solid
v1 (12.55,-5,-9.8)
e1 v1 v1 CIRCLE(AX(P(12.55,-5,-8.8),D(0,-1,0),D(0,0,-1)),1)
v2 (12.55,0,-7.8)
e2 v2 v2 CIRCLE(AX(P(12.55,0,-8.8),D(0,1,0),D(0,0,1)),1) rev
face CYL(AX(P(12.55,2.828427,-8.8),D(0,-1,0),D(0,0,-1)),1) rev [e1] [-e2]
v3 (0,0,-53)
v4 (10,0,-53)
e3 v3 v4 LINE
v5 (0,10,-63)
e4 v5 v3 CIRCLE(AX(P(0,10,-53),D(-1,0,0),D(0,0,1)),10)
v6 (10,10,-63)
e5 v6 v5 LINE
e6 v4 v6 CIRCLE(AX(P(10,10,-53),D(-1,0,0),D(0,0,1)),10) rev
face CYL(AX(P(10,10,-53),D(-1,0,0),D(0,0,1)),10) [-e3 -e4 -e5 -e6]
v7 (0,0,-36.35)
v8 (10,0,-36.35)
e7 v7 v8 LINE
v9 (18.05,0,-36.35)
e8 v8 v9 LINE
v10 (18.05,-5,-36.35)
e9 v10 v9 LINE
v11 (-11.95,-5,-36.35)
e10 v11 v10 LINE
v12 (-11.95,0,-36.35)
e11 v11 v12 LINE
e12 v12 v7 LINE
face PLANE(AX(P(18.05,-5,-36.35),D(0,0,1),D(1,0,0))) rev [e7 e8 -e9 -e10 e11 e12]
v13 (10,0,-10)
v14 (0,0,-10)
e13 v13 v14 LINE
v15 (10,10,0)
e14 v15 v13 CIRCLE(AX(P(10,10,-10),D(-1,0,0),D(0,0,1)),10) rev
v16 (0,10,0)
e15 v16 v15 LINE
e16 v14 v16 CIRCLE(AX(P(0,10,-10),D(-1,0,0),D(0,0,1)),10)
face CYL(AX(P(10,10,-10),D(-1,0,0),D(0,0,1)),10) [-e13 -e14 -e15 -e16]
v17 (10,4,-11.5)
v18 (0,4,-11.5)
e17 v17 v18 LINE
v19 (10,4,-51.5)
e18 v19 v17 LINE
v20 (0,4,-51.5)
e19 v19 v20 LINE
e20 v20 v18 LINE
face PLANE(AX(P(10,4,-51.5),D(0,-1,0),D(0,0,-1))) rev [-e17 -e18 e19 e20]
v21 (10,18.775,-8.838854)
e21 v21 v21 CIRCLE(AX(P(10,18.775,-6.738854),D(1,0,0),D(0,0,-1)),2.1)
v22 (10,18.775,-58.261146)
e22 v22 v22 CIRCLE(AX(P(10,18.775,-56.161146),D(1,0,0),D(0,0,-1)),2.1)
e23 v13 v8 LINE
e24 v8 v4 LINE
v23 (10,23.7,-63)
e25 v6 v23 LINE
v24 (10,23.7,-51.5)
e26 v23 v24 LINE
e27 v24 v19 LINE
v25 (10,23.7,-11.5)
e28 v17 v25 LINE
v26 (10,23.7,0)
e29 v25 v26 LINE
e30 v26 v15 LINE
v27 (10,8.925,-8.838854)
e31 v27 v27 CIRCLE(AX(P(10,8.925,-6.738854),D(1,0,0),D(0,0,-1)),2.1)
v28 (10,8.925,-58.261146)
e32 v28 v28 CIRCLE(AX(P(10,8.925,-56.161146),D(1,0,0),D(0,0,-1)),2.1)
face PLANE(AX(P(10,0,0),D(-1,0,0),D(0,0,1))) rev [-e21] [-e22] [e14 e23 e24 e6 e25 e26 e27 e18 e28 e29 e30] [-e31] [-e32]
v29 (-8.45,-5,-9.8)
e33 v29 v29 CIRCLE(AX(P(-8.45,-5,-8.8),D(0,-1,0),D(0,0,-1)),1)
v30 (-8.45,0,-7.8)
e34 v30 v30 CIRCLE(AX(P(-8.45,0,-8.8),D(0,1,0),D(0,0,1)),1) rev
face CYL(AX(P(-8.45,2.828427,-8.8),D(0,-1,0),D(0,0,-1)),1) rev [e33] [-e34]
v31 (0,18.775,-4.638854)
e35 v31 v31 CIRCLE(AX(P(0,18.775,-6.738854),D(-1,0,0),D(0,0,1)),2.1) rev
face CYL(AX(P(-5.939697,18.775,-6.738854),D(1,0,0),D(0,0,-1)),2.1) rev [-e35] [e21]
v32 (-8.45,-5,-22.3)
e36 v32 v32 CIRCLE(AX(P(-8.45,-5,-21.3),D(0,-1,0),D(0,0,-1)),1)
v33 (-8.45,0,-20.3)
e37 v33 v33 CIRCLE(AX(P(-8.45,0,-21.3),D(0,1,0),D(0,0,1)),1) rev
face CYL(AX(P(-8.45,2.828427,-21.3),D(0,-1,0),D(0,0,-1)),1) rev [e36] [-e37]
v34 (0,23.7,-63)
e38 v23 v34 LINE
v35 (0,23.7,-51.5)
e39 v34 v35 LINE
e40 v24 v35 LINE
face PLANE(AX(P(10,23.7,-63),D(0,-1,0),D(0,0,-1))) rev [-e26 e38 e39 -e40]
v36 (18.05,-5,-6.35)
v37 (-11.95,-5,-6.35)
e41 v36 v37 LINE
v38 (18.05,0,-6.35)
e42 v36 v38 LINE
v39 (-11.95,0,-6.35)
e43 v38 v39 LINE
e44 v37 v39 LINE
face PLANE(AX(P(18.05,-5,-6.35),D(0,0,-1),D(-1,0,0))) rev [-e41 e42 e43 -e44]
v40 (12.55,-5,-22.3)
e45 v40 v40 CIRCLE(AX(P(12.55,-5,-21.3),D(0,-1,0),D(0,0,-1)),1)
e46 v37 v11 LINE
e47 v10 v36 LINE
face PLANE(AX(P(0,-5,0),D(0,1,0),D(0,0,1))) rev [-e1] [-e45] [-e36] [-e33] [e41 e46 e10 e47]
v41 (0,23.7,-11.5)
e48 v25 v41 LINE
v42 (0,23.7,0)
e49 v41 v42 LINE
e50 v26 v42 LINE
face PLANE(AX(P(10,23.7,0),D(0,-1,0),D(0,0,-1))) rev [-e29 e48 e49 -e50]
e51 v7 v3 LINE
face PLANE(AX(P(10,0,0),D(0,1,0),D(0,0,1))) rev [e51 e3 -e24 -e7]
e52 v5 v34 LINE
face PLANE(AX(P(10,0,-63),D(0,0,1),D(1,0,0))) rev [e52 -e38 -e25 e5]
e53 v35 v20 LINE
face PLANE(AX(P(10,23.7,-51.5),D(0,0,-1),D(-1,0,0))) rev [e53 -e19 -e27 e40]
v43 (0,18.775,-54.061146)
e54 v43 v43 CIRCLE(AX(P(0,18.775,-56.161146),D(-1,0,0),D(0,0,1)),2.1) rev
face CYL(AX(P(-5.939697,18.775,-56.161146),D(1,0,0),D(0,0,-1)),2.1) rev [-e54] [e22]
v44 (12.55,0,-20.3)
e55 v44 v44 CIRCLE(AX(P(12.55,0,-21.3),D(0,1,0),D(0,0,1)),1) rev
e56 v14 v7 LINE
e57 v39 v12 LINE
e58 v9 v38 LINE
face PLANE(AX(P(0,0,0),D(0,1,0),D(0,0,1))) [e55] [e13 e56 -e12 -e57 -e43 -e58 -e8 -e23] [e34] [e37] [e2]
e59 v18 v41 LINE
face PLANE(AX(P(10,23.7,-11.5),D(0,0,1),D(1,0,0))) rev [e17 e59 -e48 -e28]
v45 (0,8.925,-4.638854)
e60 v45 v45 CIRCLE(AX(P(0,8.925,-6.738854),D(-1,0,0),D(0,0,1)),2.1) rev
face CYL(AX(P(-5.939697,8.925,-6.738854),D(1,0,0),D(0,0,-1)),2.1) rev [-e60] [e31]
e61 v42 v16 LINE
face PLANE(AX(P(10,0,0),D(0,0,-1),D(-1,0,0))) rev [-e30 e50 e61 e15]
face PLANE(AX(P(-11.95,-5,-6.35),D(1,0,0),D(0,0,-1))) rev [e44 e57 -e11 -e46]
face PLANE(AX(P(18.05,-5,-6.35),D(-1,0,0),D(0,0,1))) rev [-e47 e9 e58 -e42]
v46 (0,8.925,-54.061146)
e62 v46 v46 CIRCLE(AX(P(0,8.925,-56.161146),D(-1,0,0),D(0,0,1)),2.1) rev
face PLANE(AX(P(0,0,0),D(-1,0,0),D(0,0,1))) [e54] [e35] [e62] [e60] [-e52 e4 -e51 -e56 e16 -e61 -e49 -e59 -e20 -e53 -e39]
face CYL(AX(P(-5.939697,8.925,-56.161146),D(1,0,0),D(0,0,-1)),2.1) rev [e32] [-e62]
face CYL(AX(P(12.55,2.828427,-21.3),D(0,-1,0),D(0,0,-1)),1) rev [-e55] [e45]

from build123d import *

# Parameters (mm, degrees)
BOSS_EXTRUDE1_DEPTH = 10
SKETCH3_R           = 2.1
CUT_EXTRUDE2_DEPTH  = 10
FILLET1_R           = 10
SKETCH4_W           = 30
SKETCH4_H           = 30
BOSS_EXTRUDE2_DEPTH = 5
SKETCH6_R           = 1
CUT_EXTRUDE3_DEPTH  = 5


with BuildPart() as part:
    # Sketch2 → Boss-Extrude1 (new body)
    with BuildSketch(Plane(origin=(0, 0, 0), x_dir=(0, 0, -1), z_dir=(1, 0, 0))):
        Polygon((0, 0), (63, 0), (63, 23.7), (51.5, 23.7), (51.5, 4), (11.5, 4), (11.5, 23.7), (0, 23.7), align=None)
    extrude(amount=BOSS_EXTRUDE1_DEPTH)

    # Sketch3 → Cut-Extrude2 (cut)
    with BuildSketch(Plane(origin=(10, 0, 0), x_dir=(0, 0, -1), z_dir=(1, 0, 0))):
        with Locations((6.738854382, 18.775)):
            Circle(SKETCH3_R)
        with Locations((56.161145618, 18.775)):
            Circle(SKETCH3_R)
        with Locations((56.161145618, 8.925)):
            Circle(SKETCH3_R)
        with Locations((6.738854382, 8.925)):
            Circle(SKETCH3_R)
    extrude(amount=-CUT_EXTRUDE2_DEPTH, mode=Mode.SUBTRACT)

    # Fillet1
    fillet1_edges = [part.edges().sort_by_distance(p)[0] for p in [
        (5, 0, -63),
        (5, 0, 0),
    ]]
    fillet(fillet1_edges, radius=FILLET1_R)

    # Sketch4 → Boss-Extrude2 (add)
    with BuildSketch(Plane.XZ):
        with Locations((3.05, -21.35)):
            Rectangle(SKETCH4_W, SKETCH4_H)
    extrude(amount=BOSS_EXTRUDE2_DEPTH)

    # Sketch6 → Cut-Extrude3 (cut)
    with BuildSketch(Plane.XZ.offset(5)):
        with Locations(Location((-8.45, -8.8, 0), (0, 0, 270))):
            Circle(SKETCH6_R)
        with Locations(Location((12.55, -8.8, 0), (0, 0, 270))):
            Circle(SKETCH6_R)
        with Locations(Location((12.55, -21.3, 0), (0, 0, 270))):
            Circle(SKETCH6_R)
        with Locations(Location((-8.45, -21.3, 0), (0, 0, 270))):
            Circle(SKETCH6_R)
    extrude(amount=-CUT_EXTRUDE3_DEPTH, mode=Mode.SUBTRACT)


solid = part.part
